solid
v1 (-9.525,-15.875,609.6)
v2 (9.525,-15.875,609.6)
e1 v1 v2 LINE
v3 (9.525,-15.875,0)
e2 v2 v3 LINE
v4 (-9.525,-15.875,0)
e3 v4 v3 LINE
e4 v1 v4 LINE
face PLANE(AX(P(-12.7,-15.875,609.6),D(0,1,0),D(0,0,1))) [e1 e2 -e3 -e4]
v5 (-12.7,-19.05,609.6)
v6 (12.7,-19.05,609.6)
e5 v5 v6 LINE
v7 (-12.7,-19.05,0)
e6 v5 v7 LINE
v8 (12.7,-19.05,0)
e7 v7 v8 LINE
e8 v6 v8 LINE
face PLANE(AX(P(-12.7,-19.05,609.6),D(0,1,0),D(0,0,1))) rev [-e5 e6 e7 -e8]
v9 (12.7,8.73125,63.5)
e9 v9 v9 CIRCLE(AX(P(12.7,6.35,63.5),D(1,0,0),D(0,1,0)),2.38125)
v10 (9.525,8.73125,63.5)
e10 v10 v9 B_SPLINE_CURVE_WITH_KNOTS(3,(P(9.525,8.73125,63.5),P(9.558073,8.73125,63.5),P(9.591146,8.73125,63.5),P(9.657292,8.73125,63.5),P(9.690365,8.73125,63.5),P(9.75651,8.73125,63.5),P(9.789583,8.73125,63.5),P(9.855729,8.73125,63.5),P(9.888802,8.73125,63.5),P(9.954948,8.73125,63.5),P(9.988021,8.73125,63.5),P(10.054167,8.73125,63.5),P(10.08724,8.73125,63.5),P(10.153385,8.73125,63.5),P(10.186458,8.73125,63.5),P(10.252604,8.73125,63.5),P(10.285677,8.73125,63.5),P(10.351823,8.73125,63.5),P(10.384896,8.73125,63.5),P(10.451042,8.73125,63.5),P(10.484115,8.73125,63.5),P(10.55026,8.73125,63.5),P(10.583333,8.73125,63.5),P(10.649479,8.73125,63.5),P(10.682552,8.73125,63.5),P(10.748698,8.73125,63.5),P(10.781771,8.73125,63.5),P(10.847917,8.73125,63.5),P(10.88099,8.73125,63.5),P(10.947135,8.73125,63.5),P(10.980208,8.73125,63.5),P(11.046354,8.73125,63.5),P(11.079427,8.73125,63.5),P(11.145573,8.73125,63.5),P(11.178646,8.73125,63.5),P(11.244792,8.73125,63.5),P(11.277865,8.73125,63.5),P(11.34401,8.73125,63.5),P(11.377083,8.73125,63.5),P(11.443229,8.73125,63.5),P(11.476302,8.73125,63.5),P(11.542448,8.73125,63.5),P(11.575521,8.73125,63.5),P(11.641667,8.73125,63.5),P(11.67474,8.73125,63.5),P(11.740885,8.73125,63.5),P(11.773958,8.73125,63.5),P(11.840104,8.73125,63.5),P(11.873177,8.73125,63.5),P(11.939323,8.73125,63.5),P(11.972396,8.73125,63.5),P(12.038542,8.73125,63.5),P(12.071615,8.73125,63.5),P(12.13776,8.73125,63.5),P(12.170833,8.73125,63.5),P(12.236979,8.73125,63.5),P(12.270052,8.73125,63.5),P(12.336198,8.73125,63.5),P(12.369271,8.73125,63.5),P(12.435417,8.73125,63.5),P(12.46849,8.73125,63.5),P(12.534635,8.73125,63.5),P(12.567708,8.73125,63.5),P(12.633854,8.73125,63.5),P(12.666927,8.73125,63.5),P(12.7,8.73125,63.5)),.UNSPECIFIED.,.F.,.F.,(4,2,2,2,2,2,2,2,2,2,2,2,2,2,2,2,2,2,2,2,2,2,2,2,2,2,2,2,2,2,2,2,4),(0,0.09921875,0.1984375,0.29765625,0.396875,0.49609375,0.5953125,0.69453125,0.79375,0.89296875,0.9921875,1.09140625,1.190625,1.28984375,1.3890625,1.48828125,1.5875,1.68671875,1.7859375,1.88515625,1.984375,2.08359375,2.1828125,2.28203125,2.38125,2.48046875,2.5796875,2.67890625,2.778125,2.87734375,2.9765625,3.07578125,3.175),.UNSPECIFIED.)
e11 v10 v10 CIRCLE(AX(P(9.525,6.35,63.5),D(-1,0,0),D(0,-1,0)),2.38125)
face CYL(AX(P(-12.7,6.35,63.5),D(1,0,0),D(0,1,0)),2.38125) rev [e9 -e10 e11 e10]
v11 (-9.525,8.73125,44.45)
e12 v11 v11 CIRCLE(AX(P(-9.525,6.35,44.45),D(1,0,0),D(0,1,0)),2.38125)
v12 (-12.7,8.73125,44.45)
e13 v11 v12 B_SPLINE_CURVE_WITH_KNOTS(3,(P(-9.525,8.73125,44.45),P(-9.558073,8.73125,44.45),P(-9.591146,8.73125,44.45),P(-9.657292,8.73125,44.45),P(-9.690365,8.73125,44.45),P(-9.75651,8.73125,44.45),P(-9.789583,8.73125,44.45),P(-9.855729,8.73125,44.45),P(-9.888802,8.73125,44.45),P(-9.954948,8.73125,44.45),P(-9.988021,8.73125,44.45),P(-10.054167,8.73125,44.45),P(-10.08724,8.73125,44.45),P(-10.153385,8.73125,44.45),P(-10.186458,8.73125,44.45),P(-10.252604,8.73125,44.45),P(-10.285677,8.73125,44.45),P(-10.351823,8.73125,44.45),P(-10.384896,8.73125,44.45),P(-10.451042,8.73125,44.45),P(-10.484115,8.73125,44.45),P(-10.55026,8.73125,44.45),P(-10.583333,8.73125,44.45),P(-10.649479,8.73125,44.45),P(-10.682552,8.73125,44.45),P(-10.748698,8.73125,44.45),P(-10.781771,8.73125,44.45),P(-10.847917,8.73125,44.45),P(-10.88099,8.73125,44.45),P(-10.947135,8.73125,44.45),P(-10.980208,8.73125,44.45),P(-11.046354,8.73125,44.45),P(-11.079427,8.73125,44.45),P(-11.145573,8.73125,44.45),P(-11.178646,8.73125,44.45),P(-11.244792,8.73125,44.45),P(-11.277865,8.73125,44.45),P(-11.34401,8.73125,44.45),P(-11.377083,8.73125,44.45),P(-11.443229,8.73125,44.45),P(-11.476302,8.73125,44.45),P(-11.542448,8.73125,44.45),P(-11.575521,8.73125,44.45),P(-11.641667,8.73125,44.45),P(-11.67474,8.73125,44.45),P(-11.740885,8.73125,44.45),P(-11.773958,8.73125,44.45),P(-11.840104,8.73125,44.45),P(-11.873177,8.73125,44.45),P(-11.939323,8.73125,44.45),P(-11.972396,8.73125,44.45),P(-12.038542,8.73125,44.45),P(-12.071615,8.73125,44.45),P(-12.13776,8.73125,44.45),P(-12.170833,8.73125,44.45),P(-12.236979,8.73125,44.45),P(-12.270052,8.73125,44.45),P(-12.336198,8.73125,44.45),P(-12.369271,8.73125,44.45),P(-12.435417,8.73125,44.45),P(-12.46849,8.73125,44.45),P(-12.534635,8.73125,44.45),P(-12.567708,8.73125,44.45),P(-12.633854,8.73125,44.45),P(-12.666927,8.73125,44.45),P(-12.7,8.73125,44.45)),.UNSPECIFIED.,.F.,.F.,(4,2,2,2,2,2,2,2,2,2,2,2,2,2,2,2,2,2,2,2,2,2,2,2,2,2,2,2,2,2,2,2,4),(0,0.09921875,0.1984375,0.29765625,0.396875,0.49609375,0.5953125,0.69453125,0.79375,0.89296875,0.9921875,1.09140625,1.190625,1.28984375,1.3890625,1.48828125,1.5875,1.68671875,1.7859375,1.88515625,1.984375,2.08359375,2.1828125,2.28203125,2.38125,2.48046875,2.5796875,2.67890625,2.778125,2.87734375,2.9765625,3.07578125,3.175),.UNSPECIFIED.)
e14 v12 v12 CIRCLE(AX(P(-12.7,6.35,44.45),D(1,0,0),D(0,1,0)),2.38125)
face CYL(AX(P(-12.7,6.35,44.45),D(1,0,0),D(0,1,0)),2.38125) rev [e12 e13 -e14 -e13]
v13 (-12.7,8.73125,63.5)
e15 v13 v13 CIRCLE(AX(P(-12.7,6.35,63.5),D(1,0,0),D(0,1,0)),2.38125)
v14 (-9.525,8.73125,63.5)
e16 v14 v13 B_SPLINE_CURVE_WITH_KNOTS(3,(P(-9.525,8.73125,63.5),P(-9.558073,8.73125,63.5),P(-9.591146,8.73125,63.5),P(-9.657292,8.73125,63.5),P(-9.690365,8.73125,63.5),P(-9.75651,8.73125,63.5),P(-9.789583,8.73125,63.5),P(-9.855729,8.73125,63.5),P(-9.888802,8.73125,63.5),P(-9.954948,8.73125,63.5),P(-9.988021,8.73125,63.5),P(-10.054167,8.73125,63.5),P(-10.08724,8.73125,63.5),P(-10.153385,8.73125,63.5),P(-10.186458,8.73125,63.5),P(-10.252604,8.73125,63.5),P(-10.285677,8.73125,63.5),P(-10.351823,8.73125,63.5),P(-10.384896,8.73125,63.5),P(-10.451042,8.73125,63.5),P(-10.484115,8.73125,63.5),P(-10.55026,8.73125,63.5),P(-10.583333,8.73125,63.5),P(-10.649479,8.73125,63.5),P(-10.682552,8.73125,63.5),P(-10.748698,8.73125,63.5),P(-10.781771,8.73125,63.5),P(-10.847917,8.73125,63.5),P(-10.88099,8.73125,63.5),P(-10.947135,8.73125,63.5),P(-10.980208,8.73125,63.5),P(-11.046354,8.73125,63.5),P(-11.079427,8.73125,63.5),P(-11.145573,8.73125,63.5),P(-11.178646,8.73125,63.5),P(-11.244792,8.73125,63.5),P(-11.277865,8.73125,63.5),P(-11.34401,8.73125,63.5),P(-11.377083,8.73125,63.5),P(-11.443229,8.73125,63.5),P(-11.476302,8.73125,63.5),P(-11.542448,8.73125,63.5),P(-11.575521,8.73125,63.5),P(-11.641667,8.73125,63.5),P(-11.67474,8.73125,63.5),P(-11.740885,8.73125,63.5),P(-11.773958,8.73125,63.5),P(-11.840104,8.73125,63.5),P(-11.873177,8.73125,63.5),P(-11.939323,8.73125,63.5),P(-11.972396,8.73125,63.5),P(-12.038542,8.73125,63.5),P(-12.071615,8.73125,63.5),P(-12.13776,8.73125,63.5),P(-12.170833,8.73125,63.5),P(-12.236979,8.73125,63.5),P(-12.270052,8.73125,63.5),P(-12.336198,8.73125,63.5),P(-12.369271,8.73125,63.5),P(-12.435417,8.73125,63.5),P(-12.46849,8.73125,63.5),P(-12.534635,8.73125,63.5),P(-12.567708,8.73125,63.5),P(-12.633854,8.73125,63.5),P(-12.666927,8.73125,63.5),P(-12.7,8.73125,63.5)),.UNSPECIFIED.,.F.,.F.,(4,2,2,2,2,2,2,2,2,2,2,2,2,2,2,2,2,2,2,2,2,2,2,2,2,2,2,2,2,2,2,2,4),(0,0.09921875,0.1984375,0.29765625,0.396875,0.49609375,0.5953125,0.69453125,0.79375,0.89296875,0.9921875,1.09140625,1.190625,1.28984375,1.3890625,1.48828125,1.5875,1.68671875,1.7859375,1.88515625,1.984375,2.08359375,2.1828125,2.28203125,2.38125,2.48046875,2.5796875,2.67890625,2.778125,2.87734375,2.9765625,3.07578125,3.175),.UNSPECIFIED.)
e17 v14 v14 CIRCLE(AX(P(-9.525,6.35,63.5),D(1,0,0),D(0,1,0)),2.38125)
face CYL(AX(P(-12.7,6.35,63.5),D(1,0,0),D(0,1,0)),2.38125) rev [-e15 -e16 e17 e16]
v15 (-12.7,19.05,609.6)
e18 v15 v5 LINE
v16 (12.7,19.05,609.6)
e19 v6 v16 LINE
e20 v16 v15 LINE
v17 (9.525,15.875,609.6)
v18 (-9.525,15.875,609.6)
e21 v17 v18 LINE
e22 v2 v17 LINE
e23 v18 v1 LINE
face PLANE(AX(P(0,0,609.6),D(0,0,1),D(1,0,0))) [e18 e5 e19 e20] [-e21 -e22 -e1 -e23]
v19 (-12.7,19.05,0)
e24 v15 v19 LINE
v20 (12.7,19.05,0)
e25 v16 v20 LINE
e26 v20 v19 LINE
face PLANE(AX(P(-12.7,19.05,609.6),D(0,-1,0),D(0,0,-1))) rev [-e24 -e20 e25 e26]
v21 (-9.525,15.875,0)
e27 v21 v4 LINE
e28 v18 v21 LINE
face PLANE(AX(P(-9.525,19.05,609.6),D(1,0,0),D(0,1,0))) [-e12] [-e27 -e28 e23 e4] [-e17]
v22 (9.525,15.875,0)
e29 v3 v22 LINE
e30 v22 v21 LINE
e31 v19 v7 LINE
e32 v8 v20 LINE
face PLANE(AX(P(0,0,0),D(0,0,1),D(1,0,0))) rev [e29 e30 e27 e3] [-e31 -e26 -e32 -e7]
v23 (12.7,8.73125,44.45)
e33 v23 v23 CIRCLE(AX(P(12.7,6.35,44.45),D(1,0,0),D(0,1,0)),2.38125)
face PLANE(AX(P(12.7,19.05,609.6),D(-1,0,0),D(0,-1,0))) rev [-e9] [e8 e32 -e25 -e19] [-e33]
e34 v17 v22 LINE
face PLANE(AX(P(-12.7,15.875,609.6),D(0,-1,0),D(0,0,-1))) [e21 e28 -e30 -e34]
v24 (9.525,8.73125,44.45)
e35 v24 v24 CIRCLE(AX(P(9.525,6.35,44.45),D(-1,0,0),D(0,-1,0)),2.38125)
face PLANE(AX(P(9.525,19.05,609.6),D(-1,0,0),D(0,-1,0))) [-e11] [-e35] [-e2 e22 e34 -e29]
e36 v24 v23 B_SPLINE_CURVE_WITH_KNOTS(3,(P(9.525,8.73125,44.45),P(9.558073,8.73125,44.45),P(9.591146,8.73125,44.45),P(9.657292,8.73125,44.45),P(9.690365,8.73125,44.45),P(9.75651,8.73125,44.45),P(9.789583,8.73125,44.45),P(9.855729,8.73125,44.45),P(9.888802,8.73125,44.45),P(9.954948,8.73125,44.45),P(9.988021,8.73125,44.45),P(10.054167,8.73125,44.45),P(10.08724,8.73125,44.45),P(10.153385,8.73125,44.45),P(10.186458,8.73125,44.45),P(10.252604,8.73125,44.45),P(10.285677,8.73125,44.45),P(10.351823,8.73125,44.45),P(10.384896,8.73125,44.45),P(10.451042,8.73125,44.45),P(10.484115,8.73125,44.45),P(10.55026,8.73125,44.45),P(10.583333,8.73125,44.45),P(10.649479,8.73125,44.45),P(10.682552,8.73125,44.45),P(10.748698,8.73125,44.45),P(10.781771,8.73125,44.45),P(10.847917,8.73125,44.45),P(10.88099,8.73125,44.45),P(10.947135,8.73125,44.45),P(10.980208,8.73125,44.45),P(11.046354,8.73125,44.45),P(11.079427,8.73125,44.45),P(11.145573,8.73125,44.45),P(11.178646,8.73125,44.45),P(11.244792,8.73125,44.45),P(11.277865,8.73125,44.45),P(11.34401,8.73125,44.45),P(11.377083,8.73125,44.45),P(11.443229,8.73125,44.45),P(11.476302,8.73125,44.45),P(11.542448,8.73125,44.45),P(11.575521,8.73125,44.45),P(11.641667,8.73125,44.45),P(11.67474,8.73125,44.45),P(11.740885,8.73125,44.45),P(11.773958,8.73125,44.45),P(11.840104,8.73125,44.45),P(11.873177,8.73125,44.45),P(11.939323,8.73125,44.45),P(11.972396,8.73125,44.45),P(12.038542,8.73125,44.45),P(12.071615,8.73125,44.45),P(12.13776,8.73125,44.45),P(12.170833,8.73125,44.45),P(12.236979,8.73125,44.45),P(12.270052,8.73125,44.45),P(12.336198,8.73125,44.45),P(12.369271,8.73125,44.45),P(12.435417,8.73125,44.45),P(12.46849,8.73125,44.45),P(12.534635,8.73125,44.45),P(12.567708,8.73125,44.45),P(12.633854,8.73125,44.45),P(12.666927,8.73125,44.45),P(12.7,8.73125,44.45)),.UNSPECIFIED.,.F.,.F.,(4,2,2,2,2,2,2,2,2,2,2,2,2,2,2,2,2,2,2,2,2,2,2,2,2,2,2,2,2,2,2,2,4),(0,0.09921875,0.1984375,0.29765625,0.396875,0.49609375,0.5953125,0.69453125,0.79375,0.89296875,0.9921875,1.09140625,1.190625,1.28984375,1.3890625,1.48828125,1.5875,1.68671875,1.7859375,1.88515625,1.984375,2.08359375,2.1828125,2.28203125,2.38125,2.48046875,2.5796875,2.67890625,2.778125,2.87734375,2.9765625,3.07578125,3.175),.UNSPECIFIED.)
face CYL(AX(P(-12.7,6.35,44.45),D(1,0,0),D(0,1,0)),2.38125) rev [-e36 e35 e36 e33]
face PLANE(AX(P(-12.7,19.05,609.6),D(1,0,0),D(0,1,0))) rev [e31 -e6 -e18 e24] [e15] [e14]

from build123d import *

# Parameters (mm, degrees)
SKETCH1_W           = 25.4
SKETCH1_H           = 38.1
BOSS_EXTRUDE1_DEPTH = 609.6
SHELL1_T            = -3.175
SKETCH2_R           = 2.38125
CUT_EXTRUDE1_DEPTH  = 611.426262951


with BuildPart() as part:
    # Sketch1 → Boss-Extrude1 (new body)
    with BuildSketch(Plane.XY):
        Rectangle(SKETCH1_W, SKETCH1_H)
    extrude(amount=BOSS_EXTRUDE1_DEPTH)

    # Shell1
    shell1_openings = [part.faces().sort_by_distance(p)[0] for p in [
        (0, 0, 609.6),
        (0, 0, 0),
    ]]
    offset(amount=SHELL1_T, openings=shell1_openings, kind=Kind.INTERSECTION)

    # Sketch2 → Cut-Extrude1 (cut, through all)
    with BuildSketch(Plane(origin=(12.7, 0, 0), x_dir=(0, 0, -1), z_dir=(1, 0, 0))):
        with Locations(Location((-44.45, 6.35, 0), (0, 0, 90))):
            Circle(SKETCH2_R)
        with Locations(Location((-63.5, 6.35, 0), (0, 0, 90))):
            Circle(SKETCH2_R)
    extrude(amount=-CUT_EXTRUDE1_DEPTH, mode=Mode.SUBTRACT)


solid = part.part
